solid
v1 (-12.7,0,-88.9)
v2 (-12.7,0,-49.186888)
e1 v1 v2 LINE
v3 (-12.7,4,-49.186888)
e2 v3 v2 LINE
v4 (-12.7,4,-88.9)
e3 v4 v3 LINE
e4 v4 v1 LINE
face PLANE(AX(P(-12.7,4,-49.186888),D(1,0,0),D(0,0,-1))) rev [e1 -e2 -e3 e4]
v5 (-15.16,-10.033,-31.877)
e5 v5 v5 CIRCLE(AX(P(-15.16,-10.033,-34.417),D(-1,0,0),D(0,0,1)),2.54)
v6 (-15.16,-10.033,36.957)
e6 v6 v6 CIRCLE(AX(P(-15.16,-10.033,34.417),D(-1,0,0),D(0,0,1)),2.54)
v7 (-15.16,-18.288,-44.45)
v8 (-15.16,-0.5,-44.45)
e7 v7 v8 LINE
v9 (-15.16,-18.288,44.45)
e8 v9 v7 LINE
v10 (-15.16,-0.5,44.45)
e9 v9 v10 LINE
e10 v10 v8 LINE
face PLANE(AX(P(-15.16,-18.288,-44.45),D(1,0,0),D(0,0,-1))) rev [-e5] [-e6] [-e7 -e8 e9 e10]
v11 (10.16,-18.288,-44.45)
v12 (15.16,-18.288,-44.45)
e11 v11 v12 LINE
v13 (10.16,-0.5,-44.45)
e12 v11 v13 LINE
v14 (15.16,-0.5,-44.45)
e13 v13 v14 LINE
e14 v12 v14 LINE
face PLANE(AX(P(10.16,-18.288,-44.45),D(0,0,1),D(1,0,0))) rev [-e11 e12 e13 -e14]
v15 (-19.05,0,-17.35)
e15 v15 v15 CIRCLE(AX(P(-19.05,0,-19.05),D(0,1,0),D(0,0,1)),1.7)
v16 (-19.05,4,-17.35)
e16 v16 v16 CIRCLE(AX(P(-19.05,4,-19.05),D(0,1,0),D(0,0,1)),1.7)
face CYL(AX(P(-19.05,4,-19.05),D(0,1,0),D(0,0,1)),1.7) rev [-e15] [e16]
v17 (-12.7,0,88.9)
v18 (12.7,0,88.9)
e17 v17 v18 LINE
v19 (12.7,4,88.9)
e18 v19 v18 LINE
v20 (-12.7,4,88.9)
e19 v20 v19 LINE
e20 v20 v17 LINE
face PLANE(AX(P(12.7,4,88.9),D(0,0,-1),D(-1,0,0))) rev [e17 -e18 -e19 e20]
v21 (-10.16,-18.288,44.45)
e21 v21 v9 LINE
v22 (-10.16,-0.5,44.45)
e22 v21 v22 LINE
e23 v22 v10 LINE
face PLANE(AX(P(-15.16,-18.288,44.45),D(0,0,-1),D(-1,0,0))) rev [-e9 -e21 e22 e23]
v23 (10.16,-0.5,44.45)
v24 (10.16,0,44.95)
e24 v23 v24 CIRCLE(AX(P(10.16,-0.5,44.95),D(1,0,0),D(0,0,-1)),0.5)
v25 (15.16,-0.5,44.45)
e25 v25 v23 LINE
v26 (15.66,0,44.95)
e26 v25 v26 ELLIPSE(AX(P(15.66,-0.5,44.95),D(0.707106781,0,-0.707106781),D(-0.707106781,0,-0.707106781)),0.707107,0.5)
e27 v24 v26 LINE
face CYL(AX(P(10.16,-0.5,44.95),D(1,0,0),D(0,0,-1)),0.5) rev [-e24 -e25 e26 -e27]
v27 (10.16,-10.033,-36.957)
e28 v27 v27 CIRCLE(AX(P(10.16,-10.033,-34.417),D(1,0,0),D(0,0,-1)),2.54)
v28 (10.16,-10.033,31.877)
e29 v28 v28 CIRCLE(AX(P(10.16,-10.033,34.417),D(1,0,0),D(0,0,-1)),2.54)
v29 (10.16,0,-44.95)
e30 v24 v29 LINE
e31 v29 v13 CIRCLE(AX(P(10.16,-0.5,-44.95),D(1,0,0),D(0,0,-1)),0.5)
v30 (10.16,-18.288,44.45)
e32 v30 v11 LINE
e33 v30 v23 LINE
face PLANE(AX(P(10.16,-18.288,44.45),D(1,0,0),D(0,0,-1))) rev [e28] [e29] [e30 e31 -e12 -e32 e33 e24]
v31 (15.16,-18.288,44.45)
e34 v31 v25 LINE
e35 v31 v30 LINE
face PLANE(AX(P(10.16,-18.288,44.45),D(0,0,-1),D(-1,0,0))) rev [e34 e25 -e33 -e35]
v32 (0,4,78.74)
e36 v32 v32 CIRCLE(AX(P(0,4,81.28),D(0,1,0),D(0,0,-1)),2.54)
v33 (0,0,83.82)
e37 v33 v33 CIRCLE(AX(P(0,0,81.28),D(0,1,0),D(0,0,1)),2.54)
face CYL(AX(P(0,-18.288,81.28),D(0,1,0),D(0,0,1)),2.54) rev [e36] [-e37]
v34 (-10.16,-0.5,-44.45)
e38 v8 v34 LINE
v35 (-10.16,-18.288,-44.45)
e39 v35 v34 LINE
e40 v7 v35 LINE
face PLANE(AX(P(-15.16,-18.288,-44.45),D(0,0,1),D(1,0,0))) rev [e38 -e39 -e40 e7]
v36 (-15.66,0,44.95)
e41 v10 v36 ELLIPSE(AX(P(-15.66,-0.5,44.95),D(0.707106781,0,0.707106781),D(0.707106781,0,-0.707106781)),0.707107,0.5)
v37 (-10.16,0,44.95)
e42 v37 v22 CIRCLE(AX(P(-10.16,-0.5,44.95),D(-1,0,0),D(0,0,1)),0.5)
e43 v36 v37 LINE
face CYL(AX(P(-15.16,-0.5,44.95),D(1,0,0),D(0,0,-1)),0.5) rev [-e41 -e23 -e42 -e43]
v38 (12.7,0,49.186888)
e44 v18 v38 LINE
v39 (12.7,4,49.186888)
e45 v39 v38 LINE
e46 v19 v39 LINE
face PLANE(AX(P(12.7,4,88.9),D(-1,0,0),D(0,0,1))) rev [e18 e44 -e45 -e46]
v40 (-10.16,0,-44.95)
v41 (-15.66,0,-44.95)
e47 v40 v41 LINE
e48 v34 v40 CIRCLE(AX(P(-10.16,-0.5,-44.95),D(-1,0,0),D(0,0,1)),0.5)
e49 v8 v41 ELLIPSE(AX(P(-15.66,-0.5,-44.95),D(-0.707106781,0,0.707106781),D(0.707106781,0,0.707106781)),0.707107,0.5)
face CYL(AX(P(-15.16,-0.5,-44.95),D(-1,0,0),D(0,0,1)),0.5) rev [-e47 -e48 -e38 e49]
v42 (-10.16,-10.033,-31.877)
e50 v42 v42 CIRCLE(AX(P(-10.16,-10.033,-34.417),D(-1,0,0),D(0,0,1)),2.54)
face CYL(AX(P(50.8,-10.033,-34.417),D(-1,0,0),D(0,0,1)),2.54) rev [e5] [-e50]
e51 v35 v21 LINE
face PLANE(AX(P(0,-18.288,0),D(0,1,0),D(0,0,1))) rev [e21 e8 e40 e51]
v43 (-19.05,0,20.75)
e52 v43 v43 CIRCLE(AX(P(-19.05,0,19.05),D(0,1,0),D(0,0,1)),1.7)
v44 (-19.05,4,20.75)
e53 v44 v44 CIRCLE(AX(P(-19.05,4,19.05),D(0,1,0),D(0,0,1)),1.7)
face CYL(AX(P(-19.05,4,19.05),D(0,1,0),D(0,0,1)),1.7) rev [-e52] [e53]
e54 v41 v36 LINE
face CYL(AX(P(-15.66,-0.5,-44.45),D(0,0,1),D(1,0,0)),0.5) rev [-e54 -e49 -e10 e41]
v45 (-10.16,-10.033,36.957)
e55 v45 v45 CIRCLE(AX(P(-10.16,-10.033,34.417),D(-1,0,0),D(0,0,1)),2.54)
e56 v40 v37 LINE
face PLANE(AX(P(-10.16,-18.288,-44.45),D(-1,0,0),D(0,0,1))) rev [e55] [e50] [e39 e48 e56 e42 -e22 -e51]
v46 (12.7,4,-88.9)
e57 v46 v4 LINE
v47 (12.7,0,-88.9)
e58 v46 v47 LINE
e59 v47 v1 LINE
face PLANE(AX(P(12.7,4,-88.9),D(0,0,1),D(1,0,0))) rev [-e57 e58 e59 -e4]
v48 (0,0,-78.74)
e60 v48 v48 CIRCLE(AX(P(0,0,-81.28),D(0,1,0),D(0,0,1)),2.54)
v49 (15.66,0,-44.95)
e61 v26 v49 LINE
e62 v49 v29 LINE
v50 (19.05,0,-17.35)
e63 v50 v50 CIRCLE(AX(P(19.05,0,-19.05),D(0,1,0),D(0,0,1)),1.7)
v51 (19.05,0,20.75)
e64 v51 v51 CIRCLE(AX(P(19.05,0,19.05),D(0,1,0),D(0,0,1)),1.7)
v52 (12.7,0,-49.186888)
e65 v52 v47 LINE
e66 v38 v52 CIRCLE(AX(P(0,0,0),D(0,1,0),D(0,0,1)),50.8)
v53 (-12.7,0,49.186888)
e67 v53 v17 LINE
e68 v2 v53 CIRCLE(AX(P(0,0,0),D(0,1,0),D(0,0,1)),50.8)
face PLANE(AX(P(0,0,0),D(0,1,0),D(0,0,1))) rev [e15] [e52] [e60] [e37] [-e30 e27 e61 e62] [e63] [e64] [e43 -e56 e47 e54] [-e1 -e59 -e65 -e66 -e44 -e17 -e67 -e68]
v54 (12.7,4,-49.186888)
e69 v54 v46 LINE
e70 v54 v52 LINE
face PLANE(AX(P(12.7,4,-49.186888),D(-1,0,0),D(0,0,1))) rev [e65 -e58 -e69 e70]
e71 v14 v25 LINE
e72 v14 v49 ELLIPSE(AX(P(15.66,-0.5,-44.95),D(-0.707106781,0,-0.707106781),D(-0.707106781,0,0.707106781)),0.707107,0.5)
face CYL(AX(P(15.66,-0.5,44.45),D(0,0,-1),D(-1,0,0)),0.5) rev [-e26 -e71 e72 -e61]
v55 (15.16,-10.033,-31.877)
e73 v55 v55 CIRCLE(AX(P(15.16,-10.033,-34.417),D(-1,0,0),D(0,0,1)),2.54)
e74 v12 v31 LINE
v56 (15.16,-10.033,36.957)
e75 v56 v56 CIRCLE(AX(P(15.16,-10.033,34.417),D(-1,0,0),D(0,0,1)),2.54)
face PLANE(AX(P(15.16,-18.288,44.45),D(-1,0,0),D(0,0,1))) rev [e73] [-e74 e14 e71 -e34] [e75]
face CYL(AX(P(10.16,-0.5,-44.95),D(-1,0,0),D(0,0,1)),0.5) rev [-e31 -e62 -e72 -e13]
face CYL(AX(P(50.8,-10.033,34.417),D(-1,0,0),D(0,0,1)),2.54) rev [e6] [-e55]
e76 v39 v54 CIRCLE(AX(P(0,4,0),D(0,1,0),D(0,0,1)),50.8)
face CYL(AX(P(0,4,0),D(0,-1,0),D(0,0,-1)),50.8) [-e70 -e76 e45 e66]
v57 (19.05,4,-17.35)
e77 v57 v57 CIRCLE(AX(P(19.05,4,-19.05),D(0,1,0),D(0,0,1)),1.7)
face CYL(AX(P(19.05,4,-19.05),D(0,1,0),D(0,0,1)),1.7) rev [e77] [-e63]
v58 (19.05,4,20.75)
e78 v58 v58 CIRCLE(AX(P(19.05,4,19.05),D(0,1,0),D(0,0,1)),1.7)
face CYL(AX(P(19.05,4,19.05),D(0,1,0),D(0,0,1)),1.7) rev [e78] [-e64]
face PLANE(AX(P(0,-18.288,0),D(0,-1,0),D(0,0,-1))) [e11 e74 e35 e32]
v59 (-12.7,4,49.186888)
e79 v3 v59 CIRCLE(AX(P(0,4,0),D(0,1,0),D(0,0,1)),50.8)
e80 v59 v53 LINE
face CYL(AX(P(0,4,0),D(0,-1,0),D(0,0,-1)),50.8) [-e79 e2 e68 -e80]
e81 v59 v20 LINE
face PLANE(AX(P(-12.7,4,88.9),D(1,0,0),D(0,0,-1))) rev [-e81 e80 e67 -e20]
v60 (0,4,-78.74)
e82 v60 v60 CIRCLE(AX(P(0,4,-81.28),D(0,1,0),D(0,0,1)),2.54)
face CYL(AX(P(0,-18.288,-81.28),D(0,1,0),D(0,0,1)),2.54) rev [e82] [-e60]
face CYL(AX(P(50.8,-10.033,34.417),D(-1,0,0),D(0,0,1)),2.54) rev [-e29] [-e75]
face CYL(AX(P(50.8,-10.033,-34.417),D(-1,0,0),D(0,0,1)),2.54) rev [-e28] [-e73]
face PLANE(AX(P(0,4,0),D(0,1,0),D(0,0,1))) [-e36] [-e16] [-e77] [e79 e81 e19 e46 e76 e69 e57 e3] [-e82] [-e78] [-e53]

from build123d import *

# Parameters (mm, degrees)
BOSS_EXTRUDE1_DEPTH  = 4
SKETCH3_W            = 5
SKETCH3_H            = 88.9
BOSS_EXTRUDE2_DEPTH  = 18.288
M3_CLEARANCE_HOLE1_D = 3.4
FILLET1_R            = 0.5
SKETCH6_R            = 2.54
CUT_EXTRUDE1_DEPTH   = 66.96
SKETCH7_R            = 2.54
CUT_EXTRUDE2_DEPTH   = 23.288


with BuildPart() as part:
    # Sketch1 → Boss-Extrude1 (new body)
    with BuildSketch(Plane(origin=(0, 0, 0), x_dir=(1, 0, 0), z_dir=(0, 1, 0))):
        with BuildLine():
            Line((-12.7, 49.186888497), (-12.7, 88.9))
            Line((-12.7, 88.9), (12.7, 88.9))
            Line((12.7, 88.9), (12.7, 49.186888497))
            ThreePointArc((12.7, 49.186888497), (50.8, 0), (12.7, -49.186888497))
            Line((12.7, -49.186888497), (12.7, -88.9))
            Line((12.7, -88.9), (-12.7, -88.9))
            Line((-12.7, -88.9), (-12.7, -49.186888497))
            ThreePointArc((-12.7, -49.186888497), (-50.8, 0), (-12.7, 49.186888497))
        make_face()
    extrude(amount=BOSS_EXTRUDE1_DEPTH)

    # Sketch3 → Boss-Extrude2 (add)
    with BuildSketch(Plane(origin=(0, 0, 0), x_dir=(-1, 0, 0), z_dir=(0, -1, 0))):
        with Locations((12.66, 0)):
            Rectangle(SKETCH3_W, SKETCH3_H)
        with Locations((-12.66, 0)):
            Rectangle(SKETCH3_W, SKETCH3_H)
    extrude(amount=BOSS_EXTRUDE2_DEPTH)

    # M3 Clearance Hole1 (through all)
    with Locations(Plane(origin=(0, 4, 0), x_dir=(1, 0, 0), z_dir=(0, 1, 0))):
        with Locations((-19.05, -19.05), (19.05, -19.05), (-19.05, 19.05), (19.05, 19.05)):
            Hole(M3_CLEARANCE_HOLE1_D / 2)

    # Fillet1
    fillet1_edges = [part.edges().sort_by_distance(p)[0] for p in [
        (-15.16, 0, 0),
        (-12.66, 0, -44.45),
        (-12.66, 0, 44.45),
        (12.66, 0, -44.45),
        (15.16, 0, 0),
        (12.66, 0, 44.45),
    ]]
    fillet(fillet1_edges, radius=FILLET1_R)

    # Sketch6 → Cut-Extrude1 (cut, through all)
    with BuildSketch(Plane.ZY.offset(15.16)):
        with Locations((34.417, -10.033)):
            Circle(SKETCH6_R)
        with Locations((-34.417, -10.033)):
            Circle(SKETCH6_R)
    extrude(amount=-CUT_EXTRUDE1_DEPTH, mode=Mode.SUBTRACT)

    # Sketch7 → Cut-Extrude2 (cut, through all)
    with BuildSketch(Plane(origin=(0, 4, 0), x_dir=(1, 0, 0), z_dir=(0, 1, 0))):
        with Locations((0, 81.28)):
            Circle(SKETCH7_R)
        with Locations((0, -81.28)):
            Circle(SKETCH7_R)
    extrude(amount=-CUT_EXTRUDE2_DEPTH, mode=Mode.SUBTRACT)


solid = part.part
